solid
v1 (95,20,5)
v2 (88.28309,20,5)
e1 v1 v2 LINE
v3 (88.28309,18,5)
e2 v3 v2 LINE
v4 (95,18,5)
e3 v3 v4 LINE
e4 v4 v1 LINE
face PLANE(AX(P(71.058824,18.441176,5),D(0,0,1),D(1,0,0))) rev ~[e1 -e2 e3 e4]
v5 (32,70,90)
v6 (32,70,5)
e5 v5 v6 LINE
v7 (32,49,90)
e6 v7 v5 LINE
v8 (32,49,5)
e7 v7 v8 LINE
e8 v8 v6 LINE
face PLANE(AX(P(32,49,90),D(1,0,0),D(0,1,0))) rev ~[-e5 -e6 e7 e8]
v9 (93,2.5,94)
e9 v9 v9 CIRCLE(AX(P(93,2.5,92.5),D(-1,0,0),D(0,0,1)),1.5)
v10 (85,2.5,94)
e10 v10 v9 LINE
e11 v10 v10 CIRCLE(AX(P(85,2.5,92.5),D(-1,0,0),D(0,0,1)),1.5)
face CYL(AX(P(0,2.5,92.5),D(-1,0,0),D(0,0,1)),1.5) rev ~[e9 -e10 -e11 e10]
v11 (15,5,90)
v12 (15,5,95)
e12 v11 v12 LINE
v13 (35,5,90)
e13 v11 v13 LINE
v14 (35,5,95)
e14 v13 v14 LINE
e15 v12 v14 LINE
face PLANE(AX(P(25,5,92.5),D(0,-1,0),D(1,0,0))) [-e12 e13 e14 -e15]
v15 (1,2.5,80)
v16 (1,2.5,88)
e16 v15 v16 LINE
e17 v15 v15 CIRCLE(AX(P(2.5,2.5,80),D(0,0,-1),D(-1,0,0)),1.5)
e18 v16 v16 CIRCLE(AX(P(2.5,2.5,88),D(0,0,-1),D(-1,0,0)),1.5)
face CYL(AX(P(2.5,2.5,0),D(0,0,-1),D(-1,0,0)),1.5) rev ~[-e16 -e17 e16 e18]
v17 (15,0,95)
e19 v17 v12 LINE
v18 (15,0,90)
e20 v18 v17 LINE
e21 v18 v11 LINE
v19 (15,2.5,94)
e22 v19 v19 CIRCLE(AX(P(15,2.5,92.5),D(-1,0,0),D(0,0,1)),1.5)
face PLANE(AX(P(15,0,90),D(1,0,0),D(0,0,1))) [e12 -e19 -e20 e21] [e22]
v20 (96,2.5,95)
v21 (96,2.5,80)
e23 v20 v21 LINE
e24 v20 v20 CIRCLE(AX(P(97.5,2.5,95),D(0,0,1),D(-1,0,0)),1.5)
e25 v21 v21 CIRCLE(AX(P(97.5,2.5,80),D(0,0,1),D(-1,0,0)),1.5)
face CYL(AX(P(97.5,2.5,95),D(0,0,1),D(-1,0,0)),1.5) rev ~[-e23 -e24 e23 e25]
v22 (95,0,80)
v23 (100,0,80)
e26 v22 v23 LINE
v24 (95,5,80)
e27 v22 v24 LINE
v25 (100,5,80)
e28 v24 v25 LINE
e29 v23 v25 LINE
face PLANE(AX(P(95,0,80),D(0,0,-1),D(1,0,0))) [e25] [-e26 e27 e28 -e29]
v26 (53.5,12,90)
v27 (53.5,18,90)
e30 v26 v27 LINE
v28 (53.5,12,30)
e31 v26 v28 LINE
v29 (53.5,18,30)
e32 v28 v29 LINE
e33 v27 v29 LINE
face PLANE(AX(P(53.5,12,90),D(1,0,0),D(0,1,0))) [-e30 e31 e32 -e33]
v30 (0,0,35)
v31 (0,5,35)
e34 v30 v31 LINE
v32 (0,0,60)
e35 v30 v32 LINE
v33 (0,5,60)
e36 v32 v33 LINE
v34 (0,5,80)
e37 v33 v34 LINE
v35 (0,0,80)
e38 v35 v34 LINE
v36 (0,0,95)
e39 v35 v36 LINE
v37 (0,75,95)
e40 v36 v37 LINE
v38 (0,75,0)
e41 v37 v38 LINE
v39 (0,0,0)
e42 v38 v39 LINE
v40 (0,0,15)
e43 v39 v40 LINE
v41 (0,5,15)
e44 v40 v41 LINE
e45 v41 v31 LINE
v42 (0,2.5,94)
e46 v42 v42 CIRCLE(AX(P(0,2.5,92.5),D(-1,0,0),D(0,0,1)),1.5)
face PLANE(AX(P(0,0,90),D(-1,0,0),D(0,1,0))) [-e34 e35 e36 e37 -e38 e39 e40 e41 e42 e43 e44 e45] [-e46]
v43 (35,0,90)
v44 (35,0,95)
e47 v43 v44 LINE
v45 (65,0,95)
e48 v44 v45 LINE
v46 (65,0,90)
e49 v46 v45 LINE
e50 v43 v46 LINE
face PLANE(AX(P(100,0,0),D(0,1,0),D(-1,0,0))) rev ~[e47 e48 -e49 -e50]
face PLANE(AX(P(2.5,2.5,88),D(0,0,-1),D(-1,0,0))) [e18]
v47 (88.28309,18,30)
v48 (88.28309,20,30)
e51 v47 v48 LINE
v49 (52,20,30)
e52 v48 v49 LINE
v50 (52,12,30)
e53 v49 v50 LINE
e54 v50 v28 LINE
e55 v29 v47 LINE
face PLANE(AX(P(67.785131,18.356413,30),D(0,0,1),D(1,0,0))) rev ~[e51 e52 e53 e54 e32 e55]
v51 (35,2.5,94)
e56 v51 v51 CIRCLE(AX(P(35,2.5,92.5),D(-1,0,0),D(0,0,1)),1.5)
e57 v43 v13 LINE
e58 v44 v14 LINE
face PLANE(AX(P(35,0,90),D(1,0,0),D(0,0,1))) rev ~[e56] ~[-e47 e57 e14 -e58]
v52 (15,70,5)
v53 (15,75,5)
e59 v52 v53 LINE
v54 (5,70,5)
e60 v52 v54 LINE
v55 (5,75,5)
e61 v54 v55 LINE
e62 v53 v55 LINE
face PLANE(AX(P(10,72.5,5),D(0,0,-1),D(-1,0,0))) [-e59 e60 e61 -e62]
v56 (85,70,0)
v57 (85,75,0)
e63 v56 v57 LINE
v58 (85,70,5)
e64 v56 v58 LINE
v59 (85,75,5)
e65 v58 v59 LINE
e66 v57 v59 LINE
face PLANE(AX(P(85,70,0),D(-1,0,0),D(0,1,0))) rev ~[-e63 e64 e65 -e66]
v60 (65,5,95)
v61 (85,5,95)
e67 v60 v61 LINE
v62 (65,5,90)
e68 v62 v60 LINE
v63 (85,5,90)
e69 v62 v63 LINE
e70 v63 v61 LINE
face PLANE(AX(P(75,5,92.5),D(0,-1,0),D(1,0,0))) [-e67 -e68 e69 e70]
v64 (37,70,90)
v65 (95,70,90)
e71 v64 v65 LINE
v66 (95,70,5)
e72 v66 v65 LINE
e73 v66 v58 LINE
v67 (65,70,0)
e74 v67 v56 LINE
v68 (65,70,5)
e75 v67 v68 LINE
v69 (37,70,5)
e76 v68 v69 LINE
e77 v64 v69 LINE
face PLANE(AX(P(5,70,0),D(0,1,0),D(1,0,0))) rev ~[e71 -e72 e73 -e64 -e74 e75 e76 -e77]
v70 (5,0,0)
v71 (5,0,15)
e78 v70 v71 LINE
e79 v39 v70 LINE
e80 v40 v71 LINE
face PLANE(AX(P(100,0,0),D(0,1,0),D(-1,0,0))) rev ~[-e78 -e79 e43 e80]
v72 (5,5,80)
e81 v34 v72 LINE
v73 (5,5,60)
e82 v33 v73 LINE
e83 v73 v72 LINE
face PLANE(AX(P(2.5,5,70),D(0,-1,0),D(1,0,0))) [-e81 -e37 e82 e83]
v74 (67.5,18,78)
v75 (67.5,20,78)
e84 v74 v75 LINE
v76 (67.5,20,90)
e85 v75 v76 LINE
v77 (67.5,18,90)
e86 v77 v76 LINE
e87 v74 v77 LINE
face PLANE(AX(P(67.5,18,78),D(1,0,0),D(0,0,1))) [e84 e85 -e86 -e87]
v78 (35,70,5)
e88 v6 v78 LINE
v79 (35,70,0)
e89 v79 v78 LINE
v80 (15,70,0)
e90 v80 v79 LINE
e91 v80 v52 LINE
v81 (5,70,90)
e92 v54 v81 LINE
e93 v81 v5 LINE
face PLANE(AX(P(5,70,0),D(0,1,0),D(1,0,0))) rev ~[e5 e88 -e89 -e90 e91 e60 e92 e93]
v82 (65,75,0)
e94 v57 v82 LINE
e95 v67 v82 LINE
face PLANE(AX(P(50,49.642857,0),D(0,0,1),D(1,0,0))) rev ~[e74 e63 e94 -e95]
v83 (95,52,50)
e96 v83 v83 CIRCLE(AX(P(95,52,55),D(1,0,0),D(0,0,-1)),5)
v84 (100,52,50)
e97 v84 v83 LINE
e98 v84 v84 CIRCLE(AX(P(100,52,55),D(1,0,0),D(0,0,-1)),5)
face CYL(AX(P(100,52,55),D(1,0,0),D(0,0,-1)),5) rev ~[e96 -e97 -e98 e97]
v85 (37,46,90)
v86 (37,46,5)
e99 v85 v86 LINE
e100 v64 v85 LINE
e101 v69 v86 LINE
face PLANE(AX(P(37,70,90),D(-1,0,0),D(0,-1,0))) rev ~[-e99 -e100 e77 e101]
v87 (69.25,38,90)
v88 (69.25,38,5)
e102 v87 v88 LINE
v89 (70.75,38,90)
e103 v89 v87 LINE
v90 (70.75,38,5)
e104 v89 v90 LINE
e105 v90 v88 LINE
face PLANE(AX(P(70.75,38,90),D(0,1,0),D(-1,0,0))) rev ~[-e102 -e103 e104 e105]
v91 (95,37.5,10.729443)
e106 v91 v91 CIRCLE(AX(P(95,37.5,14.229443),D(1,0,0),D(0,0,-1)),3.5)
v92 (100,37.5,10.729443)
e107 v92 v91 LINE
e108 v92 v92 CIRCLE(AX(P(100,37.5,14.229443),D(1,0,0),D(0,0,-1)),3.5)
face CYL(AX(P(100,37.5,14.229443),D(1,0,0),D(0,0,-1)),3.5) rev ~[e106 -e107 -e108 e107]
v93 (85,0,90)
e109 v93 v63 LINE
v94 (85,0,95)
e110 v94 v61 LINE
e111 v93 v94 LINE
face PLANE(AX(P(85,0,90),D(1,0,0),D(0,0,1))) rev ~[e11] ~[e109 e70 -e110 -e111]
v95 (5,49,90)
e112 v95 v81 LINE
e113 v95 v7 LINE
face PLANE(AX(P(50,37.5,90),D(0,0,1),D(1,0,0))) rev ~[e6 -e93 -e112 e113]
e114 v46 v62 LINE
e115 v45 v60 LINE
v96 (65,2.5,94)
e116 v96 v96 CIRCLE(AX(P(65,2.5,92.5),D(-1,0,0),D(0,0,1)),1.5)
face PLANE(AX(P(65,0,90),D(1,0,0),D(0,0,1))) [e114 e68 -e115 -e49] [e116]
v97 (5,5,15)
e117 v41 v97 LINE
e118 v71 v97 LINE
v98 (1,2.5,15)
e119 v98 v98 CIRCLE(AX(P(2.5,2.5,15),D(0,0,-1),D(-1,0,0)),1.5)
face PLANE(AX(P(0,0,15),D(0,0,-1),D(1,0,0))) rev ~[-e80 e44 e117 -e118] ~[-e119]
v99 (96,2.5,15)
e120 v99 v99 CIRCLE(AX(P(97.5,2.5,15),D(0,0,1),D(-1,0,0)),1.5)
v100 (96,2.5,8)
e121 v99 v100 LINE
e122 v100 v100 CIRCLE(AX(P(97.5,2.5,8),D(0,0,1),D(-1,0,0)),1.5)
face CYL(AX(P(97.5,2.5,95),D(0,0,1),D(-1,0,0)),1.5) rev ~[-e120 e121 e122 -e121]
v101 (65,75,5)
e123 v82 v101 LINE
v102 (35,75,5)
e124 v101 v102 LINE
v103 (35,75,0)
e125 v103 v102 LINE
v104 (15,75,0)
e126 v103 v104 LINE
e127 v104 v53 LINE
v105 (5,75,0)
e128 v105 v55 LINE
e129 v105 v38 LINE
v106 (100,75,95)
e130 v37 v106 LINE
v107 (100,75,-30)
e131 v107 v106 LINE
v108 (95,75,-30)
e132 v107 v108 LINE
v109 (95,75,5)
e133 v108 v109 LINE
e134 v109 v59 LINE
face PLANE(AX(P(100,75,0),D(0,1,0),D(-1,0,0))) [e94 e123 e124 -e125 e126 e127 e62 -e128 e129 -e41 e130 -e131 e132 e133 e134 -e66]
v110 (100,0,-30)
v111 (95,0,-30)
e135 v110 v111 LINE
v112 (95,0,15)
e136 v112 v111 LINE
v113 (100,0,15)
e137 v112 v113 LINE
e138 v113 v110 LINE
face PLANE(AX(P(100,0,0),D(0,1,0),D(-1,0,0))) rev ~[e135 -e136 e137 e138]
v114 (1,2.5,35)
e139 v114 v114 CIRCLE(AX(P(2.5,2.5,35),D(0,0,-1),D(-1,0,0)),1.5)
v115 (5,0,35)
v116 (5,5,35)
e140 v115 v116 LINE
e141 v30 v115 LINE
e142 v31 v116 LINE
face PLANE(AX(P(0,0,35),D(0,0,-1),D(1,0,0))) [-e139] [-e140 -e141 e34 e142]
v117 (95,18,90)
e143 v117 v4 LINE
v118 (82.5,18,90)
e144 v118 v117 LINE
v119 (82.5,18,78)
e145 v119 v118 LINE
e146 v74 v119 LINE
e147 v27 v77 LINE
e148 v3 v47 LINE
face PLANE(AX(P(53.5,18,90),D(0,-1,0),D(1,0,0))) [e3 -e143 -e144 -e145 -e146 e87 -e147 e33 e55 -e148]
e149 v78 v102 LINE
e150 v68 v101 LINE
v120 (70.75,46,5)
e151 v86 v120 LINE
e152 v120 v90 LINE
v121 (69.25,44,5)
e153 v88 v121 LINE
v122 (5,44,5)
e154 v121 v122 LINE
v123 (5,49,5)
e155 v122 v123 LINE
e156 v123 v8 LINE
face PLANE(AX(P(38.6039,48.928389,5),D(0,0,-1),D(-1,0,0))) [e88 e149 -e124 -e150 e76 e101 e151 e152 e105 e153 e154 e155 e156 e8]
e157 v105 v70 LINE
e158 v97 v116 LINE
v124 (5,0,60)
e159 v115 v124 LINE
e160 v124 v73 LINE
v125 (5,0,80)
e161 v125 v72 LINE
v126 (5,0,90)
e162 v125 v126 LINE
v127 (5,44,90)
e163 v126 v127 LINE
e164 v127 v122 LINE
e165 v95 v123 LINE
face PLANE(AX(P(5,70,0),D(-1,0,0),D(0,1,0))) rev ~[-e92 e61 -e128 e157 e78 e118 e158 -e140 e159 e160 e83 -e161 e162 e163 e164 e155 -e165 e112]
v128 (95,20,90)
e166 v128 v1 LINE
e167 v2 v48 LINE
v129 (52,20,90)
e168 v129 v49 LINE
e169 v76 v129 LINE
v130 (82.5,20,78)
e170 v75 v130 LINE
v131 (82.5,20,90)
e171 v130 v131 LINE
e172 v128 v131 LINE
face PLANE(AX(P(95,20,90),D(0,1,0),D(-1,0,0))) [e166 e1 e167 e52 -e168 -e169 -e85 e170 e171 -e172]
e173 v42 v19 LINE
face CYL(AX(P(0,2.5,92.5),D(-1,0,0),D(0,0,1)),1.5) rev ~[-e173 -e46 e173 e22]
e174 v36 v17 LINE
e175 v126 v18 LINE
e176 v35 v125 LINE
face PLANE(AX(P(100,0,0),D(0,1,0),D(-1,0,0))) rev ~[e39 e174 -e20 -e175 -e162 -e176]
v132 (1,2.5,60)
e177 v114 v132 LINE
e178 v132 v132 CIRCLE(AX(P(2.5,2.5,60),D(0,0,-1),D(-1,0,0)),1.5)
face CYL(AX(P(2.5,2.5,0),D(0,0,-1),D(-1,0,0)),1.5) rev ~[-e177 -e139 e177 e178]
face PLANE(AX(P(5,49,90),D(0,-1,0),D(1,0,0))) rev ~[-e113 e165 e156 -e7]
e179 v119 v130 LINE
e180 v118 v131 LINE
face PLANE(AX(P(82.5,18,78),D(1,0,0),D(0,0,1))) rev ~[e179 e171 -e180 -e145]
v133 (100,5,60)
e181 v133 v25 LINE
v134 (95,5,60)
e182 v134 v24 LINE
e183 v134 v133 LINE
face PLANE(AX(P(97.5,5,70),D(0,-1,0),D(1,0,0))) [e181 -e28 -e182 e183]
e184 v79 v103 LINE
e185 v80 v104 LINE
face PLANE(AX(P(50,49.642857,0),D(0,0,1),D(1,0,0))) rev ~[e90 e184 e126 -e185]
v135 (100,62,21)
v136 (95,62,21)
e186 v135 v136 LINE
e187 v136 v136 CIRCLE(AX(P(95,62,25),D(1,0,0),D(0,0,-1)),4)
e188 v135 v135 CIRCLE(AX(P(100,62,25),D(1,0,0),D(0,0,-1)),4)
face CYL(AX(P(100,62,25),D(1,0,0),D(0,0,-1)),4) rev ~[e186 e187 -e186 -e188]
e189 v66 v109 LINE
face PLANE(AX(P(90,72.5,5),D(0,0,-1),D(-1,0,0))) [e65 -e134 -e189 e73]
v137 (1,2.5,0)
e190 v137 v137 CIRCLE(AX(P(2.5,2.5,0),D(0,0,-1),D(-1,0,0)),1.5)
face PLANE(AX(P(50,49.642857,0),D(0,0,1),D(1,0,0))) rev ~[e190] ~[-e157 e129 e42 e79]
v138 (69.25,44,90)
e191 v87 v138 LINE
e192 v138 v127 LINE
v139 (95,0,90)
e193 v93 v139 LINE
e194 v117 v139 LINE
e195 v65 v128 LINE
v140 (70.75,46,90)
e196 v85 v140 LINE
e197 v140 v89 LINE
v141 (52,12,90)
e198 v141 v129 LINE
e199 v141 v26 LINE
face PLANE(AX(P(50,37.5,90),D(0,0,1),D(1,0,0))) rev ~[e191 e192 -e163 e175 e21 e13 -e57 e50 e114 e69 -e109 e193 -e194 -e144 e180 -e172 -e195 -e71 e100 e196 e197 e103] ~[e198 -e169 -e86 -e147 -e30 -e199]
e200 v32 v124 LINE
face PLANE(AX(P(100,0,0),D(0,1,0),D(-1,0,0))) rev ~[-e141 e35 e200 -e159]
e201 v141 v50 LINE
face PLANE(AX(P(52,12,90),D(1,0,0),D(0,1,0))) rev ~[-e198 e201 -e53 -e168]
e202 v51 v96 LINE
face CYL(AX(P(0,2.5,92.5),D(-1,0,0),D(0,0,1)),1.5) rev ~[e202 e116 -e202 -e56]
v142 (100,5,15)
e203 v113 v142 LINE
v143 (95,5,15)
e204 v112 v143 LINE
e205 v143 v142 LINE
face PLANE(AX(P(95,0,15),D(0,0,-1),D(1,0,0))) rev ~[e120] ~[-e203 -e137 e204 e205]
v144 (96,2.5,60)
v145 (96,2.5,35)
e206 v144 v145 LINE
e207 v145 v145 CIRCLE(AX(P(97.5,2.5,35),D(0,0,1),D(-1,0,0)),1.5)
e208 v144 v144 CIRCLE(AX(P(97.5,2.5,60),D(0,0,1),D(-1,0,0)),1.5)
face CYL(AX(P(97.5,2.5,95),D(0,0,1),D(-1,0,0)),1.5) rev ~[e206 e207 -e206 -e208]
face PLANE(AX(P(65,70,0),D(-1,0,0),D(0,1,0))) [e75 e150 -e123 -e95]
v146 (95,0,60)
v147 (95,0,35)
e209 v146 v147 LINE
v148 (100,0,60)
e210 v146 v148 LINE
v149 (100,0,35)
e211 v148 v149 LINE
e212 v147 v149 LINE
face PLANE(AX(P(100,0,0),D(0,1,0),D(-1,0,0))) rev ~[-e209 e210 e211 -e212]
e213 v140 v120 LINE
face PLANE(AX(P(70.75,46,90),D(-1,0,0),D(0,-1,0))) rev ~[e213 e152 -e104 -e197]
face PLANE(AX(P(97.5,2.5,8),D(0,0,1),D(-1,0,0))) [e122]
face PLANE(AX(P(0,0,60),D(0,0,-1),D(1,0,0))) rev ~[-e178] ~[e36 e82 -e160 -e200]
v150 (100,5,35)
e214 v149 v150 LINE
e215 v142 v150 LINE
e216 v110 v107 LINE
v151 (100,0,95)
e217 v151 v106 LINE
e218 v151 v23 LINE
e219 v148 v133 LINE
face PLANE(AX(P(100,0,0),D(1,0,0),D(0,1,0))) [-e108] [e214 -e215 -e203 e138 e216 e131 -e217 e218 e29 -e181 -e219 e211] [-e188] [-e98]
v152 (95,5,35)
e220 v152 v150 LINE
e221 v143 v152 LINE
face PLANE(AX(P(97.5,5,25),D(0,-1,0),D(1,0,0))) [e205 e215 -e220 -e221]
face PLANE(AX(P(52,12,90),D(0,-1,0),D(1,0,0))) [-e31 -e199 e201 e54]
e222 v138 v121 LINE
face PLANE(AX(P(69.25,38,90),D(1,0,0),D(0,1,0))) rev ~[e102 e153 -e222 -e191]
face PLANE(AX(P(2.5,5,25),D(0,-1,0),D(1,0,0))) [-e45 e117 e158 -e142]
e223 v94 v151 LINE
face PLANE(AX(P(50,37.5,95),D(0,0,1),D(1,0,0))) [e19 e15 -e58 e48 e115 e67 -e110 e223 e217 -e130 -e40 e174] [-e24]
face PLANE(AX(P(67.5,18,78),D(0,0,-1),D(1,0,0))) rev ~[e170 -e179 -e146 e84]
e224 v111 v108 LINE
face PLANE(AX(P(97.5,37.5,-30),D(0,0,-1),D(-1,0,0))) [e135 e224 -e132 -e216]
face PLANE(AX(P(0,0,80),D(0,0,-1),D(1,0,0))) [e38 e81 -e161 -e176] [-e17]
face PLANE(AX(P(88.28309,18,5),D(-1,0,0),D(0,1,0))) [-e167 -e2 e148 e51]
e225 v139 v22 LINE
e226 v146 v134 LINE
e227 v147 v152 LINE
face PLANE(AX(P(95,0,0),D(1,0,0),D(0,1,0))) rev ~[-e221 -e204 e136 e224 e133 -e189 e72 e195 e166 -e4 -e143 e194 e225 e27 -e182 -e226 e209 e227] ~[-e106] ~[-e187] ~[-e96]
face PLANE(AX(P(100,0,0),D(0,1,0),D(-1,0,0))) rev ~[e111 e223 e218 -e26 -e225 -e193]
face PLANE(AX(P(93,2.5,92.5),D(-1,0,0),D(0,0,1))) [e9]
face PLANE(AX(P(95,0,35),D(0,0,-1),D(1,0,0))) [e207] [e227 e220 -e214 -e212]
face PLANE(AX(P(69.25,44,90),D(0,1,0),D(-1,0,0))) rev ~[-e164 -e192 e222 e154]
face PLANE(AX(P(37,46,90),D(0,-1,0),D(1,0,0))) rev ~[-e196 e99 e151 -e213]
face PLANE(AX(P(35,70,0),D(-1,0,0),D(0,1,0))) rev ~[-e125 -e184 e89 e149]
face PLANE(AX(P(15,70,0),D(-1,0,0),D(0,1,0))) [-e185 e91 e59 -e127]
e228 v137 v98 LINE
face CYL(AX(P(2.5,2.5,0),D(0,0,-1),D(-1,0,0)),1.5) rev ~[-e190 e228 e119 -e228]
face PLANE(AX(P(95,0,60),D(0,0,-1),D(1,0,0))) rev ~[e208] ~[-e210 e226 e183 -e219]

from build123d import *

# Parameters (mm, degrees)
VOLUME_BOITIER_DEPTH     = 90
ESQUISSE2_W              = 100
ESQUISSE2_H              = 75
FACE_INF_RIEURE_DEPTH    = 5
ESQUISSE3_W              = 5
ESQUISSE3_H              = 75
FACE_PILE_DEPTH          = 30
ESQUISSE7_W              = 5
ESQUISSE7_H              = 20
ESQUISSE7_W_2            = 20
ESQUISSE7_H_2            = 5
ENL_V_MAT_EXTRU_2_DEPTH  = 5
ESQUISSE8_R              = 1.5
ENL_V_MAT_EXTRU_3_DEPTH  = 93
ESQUISSE9_R              = 1.5
ENL_V_MAT_EXTRU_4_DEPTH  = 88
ESQUISSE10_R             = 1.5
ENL_V_MAT_EXTRU_5_DEPTH  = 87
ENL_V_MAT_EXTRU_6_REACH  = 159.003
ESQUISSE11_R             = 3.5
ESQUISSE14_W             = 10
ESQUISSE14_H             = 5
ESQUISSE14_W_2           = 30
ENL_V_MAT_EXTRU_8_DEPTH  = 5
BOSS_EXTRU_7_DEPTH       = 85
ENL_V_MAT_EXTRU_10_REACH = 151.245
ESQUISSE15_W             = 15
ESQUISSE15_H             = 12
ENL_V_MAT_EXTRU_11_REACH = 159.003
ESQUISSE16_R             = 4
ESQUISSE16_R_2           = 5
ENL_V_MAT_EXTRU_12_DEPTH = 25


with BuildPart() as part:
    # Esquisse1 → volume boitier (new body)
    with BuildSketch(Plane.XY):
        Polygon((0, 75), (0, 0), (5, 0), (5, 70), (95, 70), (95, 0), (100, 0), (100, 75), align=None)
    extrude(amount=VOLUME_BOITIER_DEPTH)

    # Esquisse2 → face inférieure (add)
    with BuildSketch(Plane.XY.offset(90)):
        with Locations((50, 37.5)):
            Rectangle(ESQUISSE2_W, ESQUISSE2_H)
    extrude(amount=FACE_INF_RIEURE_DEPTH)

    # Esquisse3 → face pile (add)
    with BuildSketch(Plane(origin=(0, 0, 0), x_dir=(-1, 0, 0), z_dir=(0, 0, -1))):
        with Locations((-97.5, 37.5)):
            Rectangle(ESQUISSE3_W, ESQUISSE3_H)
    extrude(amount=FACE_PILE_DEPTH)

    # Esquisse7 → Enlèv. mat.-Extru.2 (cut)
    with BuildSketch(Plane.XZ):
        with Locations((2.5, 25)):
            Rectangle(ESQUISSE7_W, ESQUISSE7_H)
        with Locations((2.5, 70)):
            Rectangle(ESQUISSE7_W, ESQUISSE7_H)
        with Locations((25, 92.5)):
            Rectangle(ESQUISSE7_W_2, ESQUISSE7_H_2)
        with Locations((75, 92.5)):
            Rectangle(ESQUISSE7_W_2, ESQUISSE7_H_2)
        with Locations((97.5, 70)):
            Rectangle(ESQUISSE7_W, ESQUISSE7_H)
        with Locations((97.5, 25)):
            Rectangle(ESQUISSE7_W, ESQUISSE7_H)
    extrude(amount=-ENL_V_MAT_EXTRU_2_DEPTH, mode=Mode.SUBTRACT)

    # Esquisse8 → Enlèv. mat.-Extru.3 (cut)
    with BuildSketch(Plane.ZY):
        with Locations((92.5, 2.5)):
            Circle(ESQUISSE8_R)
    extrude(amount=-ENL_V_MAT_EXTRU_3_DEPTH, mode=Mode.SUBTRACT)

    # Esquisse9 → Enlèv. mat.-Extru.4 (cut)
    with BuildSketch(Plane(origin=(0, 0, 0), x_dir=(-1, 0, 0), z_dir=(0, 0, -1))):
        with Locations((-2.5, 2.5)):
            Circle(ESQUISSE9_R)
    extrude(amount=-ENL_V_MAT_EXTRU_4_DEPTH, mode=Mode.SUBTRACT)

    # Esquisse10 → Enlèv. mat.-Extru.5 (cut)
    with BuildSketch(Plane.XY.offset(95)):
        with Locations(Location((97.5, 2.5, 0), (0, 0, 180))):
            Circle(ESQUISSE10_R)
    extrude(amount=-ENL_V_MAT_EXTRU_5_DEPTH, mode=Mode.SUBTRACT)

    # Esquisse11 → Enlèv. mat.-Extru.6 (cut, up to next)
    with BuildSketch(Plane(origin=(100, 0, 0), x_dir=(0, 0, -1), z_dir=(1, 0, 0)), mode=Mode.PRIVATE) as enl_v_mat_extru_6_sk1:
        with Locations((-14.229443479, 37.5)):
            Circle(ESQUISSE11_R)
    enl_v_mat_extru_6_tool1 = extrude(enl_v_mat_extru_6_sk1.sketch, amount=-ENL_V_MAT_EXTRU_6_REACH, mode=Mode.PRIVATE) & part.part
    add(enl_v_mat_extru_6_tool1.solids().sort_by_distance((100, 37.5, 14.229443))[0], mode=Mode.SUBTRACT)

    # Esquisse14 → Enlèv. mat.-Extru.8 (cut)
    with BuildSketch(Plane(origin=(0, 0, 0), x_dir=(-1, 0, 0), z_dir=(0, 0, -1))):
        with Locations((-90, 72.5)):
            Rectangle(ESQUISSE14_W, ESQUISSE14_H)
        with Locations((-50, 72.5)):
            Rectangle(ESQUISSE14_W_2, ESQUISSE14_H)
        with Locations((-10, 72.5)):
            Rectangle(ESQUISSE14_W, ESQUISSE14_H)
    extrude(amount=-ENL_V_MAT_EXTRU_8_DEPTH, mode=Mode.SUBTRACT)

    # Esquisse12 → Boss.-Extru.7 (add)
    with BuildSketch(Plane(origin=(0, 0, 90), x_dir=(-1, 0, 0), z_dir=(0, 0, -1))):
        Polygon((-37, 46), (-70.75, 46), (-70.75, 38), (-69.25, 38), (-69.25, 44), (-5, 44), (-5, 49), (-32, 49), (-32, 70), (-37, 70), align=None)
        Polygon((-52, 16.786904399), (-52, 12), (-53.5, 12), (-53.5, 18), (-95, 18), (-95, 20), (-52, 20), align=None)
    extrude(amount=BOSS_EXTRU_7_DEPTH)

    # Esquisse15 → Enlèv. mat.-Extru.10 (cut, up to next)
    with BuildSketch(Plane.XZ.offset(-18), mode=Mode.PRIVATE) as enl_v_mat_extru_10_sk1:
        with Locations((75, 84)):
            Rectangle(ESQUISSE15_W, ESQUISSE15_H)
    enl_v_mat_extru_10_tool1 = extrude(enl_v_mat_extru_10_sk1.sketch, amount=-ENL_V_MAT_EXTRU_10_REACH, mode=Mode.PRIVATE) & part.part
    add(enl_v_mat_extru_10_tool1.solids().sort_by_distance((75, 18, 84))[0], mode=Mode.SUBTRACT)

    # Esquisse16 → Enlèv. mat.-Extru.11 (cut, up to next)
    with BuildSketch(Plane(origin=(100, 0, 0), x_dir=(0, 0, -1), z_dir=(1, 0, 0)), mode=Mode.PRIVATE) as enl_v_mat_extru_11_sk1:
        with Locations((-25, 62)):
            Circle(ESQUISSE16_R)
    enl_v_mat_extru_11_tool1 = extrude(enl_v_mat_extru_11_sk1.sketch, amount=-ENL_V_MAT_EXTRU_11_REACH, mode=Mode.PRIVATE) & part.part
    # Esquisse16 → Enlèv. mat.-Extru.11 (cut, up to next)
    with BuildSketch(Plane(origin=(100, 0, 0), x_dir=(0, 0, -1), z_dir=(1, 0, 0)), mode=Mode.PRIVATE) as enl_v_mat_extru_11_sk2:
        with Locations((-55, 52)):
            Circle(ESQUISSE16_R_2)
    enl_v_mat_extru_11_tool2 = extrude(enl_v_mat_extru_11_sk2.sketch, amount=-ENL_V_MAT_EXTRU_11_REACH, mode=Mode.PRIVATE) & part.part
    add(enl_v_mat_extru_11_tool1.solids().sort_by_distance((100, 62, 25))[0], mode=Mode.SUBTRACT)
    add(enl_v_mat_extru_11_tool2.solids().sort_by_distance((100, 52, 55))[0], mode=Mode.SUBTRACT)

    # Esquisse17 → Enlèv. mat.-Extru.12 (cut)
    with BuildSketch(Plane(origin=(0, 0, 5), x_dir=(-1, 0, 0), z_dir=(0, 0, -1))):
        Polygon((-88.283089538, 20), (-52, 20), (-52, 12), (-53.5, 12), (-53.5, 18), (-88.283089538, 18), align=None)
    extrude(amount=-ENL_V_MAT_EXTRU_12_DEPTH, mode=Mode.SUBTRACT)


solid = part.part
